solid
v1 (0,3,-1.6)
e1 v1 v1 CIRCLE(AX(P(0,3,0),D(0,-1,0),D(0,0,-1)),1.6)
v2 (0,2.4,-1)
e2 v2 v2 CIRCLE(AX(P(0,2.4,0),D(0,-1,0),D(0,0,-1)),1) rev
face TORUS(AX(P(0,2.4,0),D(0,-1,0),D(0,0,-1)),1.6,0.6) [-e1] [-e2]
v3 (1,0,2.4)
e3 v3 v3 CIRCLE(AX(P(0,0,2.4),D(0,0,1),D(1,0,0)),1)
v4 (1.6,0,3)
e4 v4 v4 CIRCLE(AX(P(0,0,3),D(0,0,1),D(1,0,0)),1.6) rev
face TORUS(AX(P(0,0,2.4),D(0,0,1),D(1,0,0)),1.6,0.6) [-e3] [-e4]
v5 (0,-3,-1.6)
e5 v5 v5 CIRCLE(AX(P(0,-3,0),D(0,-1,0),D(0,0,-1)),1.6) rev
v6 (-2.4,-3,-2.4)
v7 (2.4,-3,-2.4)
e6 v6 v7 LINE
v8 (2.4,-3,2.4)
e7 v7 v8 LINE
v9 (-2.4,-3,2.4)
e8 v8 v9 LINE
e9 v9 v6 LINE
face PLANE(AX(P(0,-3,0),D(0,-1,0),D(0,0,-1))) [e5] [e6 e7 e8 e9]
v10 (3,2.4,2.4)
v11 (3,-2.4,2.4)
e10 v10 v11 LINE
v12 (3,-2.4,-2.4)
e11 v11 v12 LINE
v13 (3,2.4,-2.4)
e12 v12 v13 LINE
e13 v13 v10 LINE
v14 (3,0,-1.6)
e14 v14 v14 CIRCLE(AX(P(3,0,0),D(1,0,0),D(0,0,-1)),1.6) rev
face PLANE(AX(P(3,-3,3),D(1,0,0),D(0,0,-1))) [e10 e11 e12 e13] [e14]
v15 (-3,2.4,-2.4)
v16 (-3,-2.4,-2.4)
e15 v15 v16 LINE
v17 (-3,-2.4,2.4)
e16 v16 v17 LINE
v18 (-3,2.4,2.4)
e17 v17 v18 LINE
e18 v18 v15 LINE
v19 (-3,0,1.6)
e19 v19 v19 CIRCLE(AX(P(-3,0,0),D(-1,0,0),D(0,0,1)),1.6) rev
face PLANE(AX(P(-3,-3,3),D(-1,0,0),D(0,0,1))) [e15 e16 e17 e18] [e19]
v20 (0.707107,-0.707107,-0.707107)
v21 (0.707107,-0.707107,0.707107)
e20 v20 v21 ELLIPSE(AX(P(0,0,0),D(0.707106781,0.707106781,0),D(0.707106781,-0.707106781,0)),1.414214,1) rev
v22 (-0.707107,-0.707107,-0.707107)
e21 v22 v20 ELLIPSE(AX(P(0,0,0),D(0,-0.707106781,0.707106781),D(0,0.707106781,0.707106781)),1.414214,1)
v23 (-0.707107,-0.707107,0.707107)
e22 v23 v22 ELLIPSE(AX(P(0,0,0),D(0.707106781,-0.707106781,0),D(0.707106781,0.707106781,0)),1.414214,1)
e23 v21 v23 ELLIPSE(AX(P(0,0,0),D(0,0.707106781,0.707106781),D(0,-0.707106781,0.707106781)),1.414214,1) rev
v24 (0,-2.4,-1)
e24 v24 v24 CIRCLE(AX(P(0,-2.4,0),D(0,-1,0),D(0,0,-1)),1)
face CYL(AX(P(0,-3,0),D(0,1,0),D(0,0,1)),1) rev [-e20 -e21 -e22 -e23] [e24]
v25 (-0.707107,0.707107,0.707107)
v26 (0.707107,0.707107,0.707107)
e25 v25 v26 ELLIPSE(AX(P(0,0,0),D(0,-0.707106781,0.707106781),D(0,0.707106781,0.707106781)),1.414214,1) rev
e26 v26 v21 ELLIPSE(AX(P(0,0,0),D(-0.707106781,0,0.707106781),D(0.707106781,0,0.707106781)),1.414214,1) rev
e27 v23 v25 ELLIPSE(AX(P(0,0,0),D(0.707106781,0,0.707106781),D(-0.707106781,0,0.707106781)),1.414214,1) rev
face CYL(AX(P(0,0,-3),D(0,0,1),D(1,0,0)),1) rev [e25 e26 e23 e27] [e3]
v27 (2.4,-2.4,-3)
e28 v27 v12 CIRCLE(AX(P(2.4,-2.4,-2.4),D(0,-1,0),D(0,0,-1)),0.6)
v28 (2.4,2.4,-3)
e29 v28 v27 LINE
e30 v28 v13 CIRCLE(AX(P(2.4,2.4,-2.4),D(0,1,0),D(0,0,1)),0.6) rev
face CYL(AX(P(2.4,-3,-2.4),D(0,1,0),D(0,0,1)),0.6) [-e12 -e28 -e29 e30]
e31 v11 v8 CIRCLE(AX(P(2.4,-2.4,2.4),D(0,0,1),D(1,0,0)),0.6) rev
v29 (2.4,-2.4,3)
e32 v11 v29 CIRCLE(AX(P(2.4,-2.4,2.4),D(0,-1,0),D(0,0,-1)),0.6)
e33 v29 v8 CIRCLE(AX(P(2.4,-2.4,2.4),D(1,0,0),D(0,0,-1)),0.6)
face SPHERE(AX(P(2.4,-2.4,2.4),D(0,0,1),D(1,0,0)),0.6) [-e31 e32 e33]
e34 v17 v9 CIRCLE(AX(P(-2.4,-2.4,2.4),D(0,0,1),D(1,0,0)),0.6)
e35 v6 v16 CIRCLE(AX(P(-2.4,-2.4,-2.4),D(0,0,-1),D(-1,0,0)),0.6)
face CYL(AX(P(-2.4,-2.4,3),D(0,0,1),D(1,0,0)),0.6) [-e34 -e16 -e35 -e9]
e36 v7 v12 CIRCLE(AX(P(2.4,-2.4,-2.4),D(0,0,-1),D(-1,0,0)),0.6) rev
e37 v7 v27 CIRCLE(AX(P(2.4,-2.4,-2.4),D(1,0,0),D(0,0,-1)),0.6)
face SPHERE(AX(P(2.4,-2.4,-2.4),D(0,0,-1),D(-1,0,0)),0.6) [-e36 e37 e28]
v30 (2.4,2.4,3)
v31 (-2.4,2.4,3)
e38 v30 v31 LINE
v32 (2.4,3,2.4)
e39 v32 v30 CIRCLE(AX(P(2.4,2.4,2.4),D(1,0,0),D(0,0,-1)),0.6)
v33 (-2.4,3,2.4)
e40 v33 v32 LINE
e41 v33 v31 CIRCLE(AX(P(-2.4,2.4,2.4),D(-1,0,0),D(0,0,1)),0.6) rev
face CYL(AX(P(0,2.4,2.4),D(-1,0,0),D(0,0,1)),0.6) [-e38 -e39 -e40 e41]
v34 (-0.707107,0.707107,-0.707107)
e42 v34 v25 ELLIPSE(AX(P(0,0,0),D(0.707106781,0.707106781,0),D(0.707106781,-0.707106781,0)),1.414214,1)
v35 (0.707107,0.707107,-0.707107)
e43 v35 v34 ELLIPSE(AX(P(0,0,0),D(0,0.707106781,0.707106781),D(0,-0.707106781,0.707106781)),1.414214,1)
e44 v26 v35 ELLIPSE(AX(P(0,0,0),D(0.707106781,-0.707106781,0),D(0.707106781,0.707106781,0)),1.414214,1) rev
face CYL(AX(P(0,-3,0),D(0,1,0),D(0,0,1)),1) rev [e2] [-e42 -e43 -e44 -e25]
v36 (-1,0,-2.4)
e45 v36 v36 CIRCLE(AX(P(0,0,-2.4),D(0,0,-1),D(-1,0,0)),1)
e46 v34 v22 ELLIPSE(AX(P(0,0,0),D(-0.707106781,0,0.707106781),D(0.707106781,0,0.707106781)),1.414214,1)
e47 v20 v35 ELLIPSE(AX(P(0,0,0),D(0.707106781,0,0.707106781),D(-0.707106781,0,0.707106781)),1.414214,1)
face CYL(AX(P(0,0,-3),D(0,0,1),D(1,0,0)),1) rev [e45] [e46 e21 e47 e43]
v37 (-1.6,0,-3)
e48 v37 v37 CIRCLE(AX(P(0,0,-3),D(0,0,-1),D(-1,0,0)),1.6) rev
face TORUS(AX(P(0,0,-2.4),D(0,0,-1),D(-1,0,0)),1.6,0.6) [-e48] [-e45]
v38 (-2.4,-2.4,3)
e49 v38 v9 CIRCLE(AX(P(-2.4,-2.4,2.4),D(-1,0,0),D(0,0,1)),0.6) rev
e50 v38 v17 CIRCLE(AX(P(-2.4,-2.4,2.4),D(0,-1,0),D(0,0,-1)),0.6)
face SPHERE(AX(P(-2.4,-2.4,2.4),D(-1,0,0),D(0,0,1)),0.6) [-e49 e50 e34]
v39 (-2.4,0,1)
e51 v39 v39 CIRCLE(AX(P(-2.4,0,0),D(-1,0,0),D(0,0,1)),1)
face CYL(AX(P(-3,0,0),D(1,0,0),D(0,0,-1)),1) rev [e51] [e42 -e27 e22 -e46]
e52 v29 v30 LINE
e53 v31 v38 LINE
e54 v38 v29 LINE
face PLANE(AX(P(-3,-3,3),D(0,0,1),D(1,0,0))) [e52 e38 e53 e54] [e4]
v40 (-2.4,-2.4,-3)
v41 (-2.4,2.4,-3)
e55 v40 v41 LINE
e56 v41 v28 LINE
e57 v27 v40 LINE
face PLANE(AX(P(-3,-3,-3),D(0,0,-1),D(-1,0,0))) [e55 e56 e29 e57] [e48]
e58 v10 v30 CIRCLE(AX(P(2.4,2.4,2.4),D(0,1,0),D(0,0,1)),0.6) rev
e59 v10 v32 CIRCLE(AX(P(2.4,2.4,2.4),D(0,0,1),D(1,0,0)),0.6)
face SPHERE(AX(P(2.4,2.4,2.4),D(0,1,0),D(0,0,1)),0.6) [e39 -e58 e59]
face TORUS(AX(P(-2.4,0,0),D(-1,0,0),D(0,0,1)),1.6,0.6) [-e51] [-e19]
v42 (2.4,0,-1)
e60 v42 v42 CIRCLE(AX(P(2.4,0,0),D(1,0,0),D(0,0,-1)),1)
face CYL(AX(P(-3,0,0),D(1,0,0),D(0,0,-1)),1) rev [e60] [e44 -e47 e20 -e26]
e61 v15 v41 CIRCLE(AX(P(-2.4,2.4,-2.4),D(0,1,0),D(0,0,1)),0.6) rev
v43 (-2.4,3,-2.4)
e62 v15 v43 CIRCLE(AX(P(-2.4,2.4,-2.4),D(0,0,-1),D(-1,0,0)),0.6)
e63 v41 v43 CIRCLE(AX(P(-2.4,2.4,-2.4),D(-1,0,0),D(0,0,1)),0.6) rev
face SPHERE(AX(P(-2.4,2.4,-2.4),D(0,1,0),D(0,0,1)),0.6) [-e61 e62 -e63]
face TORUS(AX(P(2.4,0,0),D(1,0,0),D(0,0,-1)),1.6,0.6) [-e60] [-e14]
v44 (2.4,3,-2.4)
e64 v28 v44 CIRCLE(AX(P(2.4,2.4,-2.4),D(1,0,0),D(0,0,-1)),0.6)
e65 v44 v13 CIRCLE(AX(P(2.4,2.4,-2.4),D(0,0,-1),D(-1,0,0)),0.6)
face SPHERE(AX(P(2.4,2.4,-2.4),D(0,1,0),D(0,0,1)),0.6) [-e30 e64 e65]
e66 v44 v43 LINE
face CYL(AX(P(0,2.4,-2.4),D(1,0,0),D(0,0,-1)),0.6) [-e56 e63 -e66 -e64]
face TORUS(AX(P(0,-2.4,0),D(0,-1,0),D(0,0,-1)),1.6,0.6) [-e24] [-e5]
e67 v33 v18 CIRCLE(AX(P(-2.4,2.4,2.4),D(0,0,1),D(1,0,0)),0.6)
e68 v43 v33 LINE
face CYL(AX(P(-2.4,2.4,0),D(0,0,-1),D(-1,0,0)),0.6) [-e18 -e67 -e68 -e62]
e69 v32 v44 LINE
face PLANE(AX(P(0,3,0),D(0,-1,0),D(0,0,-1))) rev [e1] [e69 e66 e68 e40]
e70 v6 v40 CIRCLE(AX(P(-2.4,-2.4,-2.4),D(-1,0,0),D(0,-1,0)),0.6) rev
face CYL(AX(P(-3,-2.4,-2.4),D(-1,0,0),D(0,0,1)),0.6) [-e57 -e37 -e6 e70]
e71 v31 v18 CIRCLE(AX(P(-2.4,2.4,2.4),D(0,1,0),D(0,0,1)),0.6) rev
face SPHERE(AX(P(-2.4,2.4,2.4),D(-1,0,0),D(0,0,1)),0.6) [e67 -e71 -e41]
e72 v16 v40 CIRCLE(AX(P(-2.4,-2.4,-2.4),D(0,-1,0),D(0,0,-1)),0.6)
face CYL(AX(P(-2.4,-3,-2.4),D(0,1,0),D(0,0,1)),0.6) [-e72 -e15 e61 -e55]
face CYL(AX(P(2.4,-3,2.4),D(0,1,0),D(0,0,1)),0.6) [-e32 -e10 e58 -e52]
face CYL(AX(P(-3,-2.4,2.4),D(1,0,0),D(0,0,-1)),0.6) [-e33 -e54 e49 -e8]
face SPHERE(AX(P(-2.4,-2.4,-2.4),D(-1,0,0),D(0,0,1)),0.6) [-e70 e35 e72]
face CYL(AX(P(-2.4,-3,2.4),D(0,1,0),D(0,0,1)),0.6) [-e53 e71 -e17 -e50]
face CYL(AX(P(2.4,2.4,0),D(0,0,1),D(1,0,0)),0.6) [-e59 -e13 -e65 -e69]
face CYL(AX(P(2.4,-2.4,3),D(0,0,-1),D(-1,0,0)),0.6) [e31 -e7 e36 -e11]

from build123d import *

# Parameters (mm, degrees)
SKETCH_1_W           = 6
SKETCH_1_H           = 6
EXTRUDE_1_DEPTH      = 3
EXTRUDE_1_DEPTH_BACK = 3
SKETCH_2_R           = 1
CUT_EXTRUDE_1_DEPTH  = 7
SKETCH_3_R           = 1
CUT_EXTRUDE_2_DEPTH  = 7
SKETCH_4_R           = 1
CUT_EXTRUDE_3_DEPTH  = 7
FILLET_1_R           = 0.6


with BuildPart() as part:
    # Sketch 1 → Extrude 1 (new body, two sides)
    with BuildSketch(Plane(origin=(0, 0, 0), x_dir=(1, 0, 0), z_dir=(0, 1, 0))) as extrude_1_sk:
        Rectangle(SKETCH_1_W, SKETCH_1_H)
    extrude(amount=EXTRUDE_1_DEPTH)
    extrude(extrude_1_sk.sketch, amount=-EXTRUDE_1_DEPTH_BACK)

    # Sketch 2 → Cut-Extrude 1 (cut, through all)
    with BuildSketch(Plane.XY.offset(3)):
        Circle(SKETCH_2_R)
    extrude(amount=-CUT_EXTRUDE_1_DEPTH, mode=Mode.SUBTRACT)

    # Sketch 3 → Cut-Extrude 2 (cut, through all)
    with BuildSketch(Plane(origin=(3, 0, 0), x_dir=(0, 0, -1), z_dir=(1, 0, 0))):
        Circle(SKETCH_3_R)
    extrude(amount=-CUT_EXTRUDE_2_DEPTH, mode=Mode.SUBTRACT)

    # Sketch 4 → Cut-Extrude 3 (cut, through all)
    with BuildSketch(Plane(origin=(0, 3, 0), x_dir=(1, 0, 0), z_dir=(0, 1, 0))):
        Circle(SKETCH_4_R)
    extrude(amount=-CUT_EXTRUDE_3_DEPTH, mode=Mode.SUBTRACT)

    # Fillet 1
    fillet_1_edges = [part.edges().sort_by_distance(p)[0] for p in [
        (3, 3, 0),
        (-3, -3, 0),
        (0, 3, -3),
        (-3, 3, 0),
        (0, 3, 3),
        (0, -3, 3),
        (-1, 0, -3),
        (-1, 0, 3),
        (-3, 0, 1),
        (3, 0, 1),
        (3, -3, 0),
        (-1, -3, 0),
        (-1, 3, 0),
        (3, 0, 3),
        (-3, 0, 3),
        (-3, 0, -3),
        (3, 0, -3),
        (0, -3, -3),
    ]]
    fillet(fillet_1_edges, radius=FILLET_1_R)


solid = part.part
